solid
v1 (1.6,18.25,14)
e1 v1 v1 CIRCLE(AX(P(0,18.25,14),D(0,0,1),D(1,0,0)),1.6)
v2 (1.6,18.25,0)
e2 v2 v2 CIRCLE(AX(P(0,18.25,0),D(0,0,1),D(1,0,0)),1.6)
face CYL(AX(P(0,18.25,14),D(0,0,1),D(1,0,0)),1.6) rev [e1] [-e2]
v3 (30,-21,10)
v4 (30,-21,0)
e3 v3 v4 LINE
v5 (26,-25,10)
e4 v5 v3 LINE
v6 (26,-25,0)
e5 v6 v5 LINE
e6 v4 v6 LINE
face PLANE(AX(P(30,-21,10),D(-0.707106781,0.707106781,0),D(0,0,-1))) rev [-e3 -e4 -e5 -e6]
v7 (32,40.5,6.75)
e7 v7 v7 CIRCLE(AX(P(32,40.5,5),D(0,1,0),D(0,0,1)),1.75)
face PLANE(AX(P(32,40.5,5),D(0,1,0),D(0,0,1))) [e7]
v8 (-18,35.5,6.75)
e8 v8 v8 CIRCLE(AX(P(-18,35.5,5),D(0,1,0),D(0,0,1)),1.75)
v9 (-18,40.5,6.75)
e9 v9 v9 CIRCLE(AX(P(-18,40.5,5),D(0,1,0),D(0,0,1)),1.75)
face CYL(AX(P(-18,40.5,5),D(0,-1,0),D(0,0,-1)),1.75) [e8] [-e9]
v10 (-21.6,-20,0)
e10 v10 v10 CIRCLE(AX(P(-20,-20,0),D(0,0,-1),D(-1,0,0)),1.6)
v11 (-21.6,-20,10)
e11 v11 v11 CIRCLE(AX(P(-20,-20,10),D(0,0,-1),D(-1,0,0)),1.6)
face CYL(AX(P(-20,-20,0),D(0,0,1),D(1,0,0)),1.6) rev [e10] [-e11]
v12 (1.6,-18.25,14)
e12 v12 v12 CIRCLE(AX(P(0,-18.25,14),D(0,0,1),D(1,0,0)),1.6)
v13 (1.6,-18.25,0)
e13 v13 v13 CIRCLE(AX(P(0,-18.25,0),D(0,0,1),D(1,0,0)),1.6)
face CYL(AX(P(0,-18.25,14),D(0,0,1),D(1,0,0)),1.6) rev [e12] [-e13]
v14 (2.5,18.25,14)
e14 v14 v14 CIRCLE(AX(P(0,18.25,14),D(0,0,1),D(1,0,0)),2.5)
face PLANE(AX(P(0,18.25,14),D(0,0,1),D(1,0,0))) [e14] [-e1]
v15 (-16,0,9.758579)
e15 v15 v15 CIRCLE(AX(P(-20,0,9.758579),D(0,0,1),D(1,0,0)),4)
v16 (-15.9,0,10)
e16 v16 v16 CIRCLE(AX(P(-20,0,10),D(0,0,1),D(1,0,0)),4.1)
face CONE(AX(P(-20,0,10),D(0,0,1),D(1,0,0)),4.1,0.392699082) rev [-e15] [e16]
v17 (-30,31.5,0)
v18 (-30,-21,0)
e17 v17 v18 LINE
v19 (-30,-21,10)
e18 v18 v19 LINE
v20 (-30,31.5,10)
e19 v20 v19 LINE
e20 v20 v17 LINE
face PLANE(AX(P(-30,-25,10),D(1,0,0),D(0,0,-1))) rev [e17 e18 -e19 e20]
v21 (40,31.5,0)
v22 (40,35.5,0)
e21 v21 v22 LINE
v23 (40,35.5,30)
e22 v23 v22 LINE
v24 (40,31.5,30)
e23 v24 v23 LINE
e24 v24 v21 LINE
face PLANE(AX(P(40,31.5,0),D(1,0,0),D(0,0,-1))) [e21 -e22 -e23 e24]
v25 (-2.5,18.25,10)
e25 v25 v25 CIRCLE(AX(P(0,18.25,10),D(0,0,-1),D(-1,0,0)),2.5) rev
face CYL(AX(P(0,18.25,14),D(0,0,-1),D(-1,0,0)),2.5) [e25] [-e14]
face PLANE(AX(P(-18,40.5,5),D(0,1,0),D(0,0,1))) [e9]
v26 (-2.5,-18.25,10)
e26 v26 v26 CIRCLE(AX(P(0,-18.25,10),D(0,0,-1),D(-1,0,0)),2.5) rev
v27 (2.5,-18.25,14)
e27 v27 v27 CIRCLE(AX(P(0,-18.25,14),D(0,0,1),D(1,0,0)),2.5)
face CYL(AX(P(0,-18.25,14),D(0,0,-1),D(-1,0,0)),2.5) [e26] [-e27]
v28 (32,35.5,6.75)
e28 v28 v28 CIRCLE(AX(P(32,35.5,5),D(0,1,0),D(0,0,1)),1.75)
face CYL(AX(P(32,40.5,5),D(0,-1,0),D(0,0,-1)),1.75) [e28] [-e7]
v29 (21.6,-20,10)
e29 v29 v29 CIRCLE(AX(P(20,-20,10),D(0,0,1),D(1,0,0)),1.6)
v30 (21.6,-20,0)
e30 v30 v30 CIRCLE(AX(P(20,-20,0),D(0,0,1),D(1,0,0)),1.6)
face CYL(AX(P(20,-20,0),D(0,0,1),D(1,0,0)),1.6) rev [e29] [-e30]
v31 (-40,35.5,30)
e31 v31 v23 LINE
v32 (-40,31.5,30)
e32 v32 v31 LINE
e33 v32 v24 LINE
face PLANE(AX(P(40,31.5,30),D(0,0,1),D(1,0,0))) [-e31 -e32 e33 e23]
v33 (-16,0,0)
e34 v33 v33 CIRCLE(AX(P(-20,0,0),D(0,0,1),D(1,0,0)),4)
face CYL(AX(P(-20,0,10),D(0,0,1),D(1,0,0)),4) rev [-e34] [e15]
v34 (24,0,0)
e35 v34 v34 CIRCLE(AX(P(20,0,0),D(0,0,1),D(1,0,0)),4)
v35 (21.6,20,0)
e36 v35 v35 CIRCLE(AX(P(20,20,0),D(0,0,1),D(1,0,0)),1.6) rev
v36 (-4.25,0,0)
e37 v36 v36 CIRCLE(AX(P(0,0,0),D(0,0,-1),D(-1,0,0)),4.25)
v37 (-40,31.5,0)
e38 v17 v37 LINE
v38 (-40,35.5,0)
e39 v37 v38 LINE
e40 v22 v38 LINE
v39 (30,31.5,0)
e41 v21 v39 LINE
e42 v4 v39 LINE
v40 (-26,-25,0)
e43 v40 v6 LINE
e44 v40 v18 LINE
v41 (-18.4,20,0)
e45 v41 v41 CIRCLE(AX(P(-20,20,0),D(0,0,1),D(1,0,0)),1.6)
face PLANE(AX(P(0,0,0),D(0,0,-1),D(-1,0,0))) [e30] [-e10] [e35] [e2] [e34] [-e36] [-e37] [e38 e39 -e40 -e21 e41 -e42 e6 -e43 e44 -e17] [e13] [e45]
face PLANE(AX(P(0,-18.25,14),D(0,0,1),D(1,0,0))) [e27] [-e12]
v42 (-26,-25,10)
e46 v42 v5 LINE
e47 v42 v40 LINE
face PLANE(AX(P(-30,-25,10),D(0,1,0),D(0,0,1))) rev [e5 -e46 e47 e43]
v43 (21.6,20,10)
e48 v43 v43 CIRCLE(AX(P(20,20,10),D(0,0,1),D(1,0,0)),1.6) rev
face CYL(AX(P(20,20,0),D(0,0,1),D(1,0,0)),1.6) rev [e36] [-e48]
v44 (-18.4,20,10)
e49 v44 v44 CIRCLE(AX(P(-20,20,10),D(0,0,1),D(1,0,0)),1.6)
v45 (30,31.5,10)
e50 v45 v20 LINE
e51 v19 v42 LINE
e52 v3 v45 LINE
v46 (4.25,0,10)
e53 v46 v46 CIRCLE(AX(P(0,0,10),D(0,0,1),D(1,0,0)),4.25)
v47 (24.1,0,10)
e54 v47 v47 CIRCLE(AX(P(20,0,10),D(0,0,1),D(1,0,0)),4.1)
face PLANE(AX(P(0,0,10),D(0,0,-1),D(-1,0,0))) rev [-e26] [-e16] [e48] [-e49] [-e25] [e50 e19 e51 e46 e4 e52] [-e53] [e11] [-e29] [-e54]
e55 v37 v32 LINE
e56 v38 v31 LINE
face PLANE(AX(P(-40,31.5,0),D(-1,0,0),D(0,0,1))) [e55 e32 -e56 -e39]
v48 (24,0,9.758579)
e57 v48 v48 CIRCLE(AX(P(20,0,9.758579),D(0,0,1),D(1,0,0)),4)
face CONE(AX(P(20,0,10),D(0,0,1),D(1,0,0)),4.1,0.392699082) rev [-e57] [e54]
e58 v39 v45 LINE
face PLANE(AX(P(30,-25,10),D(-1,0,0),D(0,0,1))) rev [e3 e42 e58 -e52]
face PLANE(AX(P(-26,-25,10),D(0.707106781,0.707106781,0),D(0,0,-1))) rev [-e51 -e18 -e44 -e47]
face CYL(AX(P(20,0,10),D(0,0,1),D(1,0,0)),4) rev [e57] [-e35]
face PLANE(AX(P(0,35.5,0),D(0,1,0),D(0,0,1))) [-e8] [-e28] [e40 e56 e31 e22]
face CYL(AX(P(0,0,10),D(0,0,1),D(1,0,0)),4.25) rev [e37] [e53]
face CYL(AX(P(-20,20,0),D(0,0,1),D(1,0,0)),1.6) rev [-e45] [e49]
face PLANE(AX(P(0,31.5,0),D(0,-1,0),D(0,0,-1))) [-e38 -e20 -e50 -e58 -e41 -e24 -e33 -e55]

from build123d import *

# Parameters (mm, degrees)
SKETCH_1_W                = 60
SKETCH_1_H                = 50
EXTRUDE_1_DEPTH           = 10
HOLE_WIZARD_1_D           = 8.5
HOLE_WIZARD_1_DEPTH       = 20
HOLE_WIZARD_2_D           = 8
HOLE_WIZARD_2_CSINK_D     = 8.2
HOLE_WIZARD_2_CSINK_ANGLE = 45
SKETCH_9_R                = 2.5
EXTRUDE_3_DEPTH           = 4
HOLE_WIZARD_3_D           = 3.2
CHAMFER_1_SIZE            = 4
SKETCH_15_R               = 1.6
CUT_EXTRUDE_1_DEPTH       = 41.311288741
SKETCH_16_W               = 60
SKETCH_16_H               = 10
EXTRUDE_4_DEPTH           = 10.5
SKETCH_17_W               = 80
SKETCH_17_H               = 30
EXTRUDE_5_DEPTH           = 4
SKETCH_18_R               = 1.75
EXTRUDE_6_DEPTH           = 5


with BuildPart() as part:
    # 草图1 → 凸台-拉伸1 (new body)
    with BuildSketch(Plane.XY):
        Rectangle(SKETCH_1_W, SKETCH_1_H)
    extrude(amount=EXTRUDE_1_DEPTH)

    # 孔1
    with Locations(Plane.XY.offset(10)):
        with Locations((0, 0)):
            Hole(HOLE_WIZARD_1_D / 2, depth=HOLE_WIZARD_1_DEPTH)

    # 孔2 (through all)
    with Locations(Plane.XY.offset(10)):
        with Locations((20, 0), (-20, 0)):
            CounterSinkHole(HOLE_WIZARD_2_D / 2, HOLE_WIZARD_2_CSINK_D / 2, counter_sink_angle=HOLE_WIZARD_2_CSINK_ANGLE)

    # 草图9 → 凸台-拉伸3 (add)
    with BuildSketch(Plane.XY.offset(10)):
        with Locations(Location((0, 18.25, 0), (0, 0, 180))):
            Circle(SKETCH_9_R)
        with Locations(Location((0, -18.25, 0), (0, 0, 180))):
            Circle(SKETCH_9_R)
    extrude(amount=EXTRUDE_3_DEPTH)

    # 孔3 (through all)
    with Locations(Plane.XY.offset(14)):
        with Locations((0, 18.25), (0, -18.25)):
            Hole(HOLE_WIZARD_3_D / 2)

    # 倒角1
    chamfer_1_edges = [part.edges().sort_by_distance(p)[0] for p in [
        (30, -25, 5),
        (-30, -25, 5),
    ]]
    chamfer(chamfer_1_edges, length=CHAMFER_1_SIZE)

    # 草图15 → 切除-拉伸1 (cut, through all)
    with BuildSketch(Plane.XY.offset(10)):
        with BuildLine():
            ThreePointArc((-21.13137085, 21.13137085), (-21.13137085, 18.86862915), (-18.86862915, 18.86862915))
            Line((-18.86862915, 18.86862915), (-21.13137085, 21.13137085))
        make_face()
        with BuildLine():
            Line((-21.13137085, 21.13137085), (-18.86862915, 18.86862915))
            ThreePointArc((-18.86862915, 18.86862915), (-18.521792748, 19.387706508), (-18.4, 20))
            ThreePointArc((-18.4, 20), (-19.387706508, 21.478207252), (-21.13137085, 21.13137085))
        make_face()
        with Locations((20, 20)):
            Circle(SKETCH_15_R)
        with Locations((20, -20)):
            Circle(SKETCH_15_R)
        with Locations(Location((-20, -20, 0), (0, 0, 180))):
            Circle(SKETCH_15_R)
    extrude(amount=-CUT_EXTRUDE_1_DEPTH, mode=Mode.SUBTRACT)

    # 草图16 → 凸台-拉伸4 (add)
    with BuildSketch(Plane(origin=(0, 25, 0), x_dir=(1, 0, 0), z_dir=(0, 1, 0))):
        with Locations((0, -5)):
            Rectangle(SKETCH_16_W, SKETCH_16_H)
    extrude(amount=EXTRUDE_4_DEPTH)

    # 草图17 → 凸台-拉伸5 (add)
    with BuildSketch(Plane(origin=(0, 35.5, 0), x_dir=(1, 0, 0), z_dir=(0, 1, 0))):
        with Locations((0, -15)):
            Rectangle(SKETCH_17_W, SKETCH_17_H)
    extrude(amount=-EXTRUDE_5_DEPTH)

    # 草图18 → 凸台-拉伸6 (add)
    with BuildSketch(Plane(origin=(0, 35.5, 0), x_dir=(1, 0, 0), z_dir=(0, 1, 0))):
        with Locations(Location((32, -5, 0), (0, 0, 270))):
            Circle(SKETCH_18_R)
        with Locations(Location((-18, -5, 0), (0, 0, 270))):
            Circle(SKETCH_18_R)
    extrude(amount=EXTRUDE_6_DEPTH)


solid = part.part
